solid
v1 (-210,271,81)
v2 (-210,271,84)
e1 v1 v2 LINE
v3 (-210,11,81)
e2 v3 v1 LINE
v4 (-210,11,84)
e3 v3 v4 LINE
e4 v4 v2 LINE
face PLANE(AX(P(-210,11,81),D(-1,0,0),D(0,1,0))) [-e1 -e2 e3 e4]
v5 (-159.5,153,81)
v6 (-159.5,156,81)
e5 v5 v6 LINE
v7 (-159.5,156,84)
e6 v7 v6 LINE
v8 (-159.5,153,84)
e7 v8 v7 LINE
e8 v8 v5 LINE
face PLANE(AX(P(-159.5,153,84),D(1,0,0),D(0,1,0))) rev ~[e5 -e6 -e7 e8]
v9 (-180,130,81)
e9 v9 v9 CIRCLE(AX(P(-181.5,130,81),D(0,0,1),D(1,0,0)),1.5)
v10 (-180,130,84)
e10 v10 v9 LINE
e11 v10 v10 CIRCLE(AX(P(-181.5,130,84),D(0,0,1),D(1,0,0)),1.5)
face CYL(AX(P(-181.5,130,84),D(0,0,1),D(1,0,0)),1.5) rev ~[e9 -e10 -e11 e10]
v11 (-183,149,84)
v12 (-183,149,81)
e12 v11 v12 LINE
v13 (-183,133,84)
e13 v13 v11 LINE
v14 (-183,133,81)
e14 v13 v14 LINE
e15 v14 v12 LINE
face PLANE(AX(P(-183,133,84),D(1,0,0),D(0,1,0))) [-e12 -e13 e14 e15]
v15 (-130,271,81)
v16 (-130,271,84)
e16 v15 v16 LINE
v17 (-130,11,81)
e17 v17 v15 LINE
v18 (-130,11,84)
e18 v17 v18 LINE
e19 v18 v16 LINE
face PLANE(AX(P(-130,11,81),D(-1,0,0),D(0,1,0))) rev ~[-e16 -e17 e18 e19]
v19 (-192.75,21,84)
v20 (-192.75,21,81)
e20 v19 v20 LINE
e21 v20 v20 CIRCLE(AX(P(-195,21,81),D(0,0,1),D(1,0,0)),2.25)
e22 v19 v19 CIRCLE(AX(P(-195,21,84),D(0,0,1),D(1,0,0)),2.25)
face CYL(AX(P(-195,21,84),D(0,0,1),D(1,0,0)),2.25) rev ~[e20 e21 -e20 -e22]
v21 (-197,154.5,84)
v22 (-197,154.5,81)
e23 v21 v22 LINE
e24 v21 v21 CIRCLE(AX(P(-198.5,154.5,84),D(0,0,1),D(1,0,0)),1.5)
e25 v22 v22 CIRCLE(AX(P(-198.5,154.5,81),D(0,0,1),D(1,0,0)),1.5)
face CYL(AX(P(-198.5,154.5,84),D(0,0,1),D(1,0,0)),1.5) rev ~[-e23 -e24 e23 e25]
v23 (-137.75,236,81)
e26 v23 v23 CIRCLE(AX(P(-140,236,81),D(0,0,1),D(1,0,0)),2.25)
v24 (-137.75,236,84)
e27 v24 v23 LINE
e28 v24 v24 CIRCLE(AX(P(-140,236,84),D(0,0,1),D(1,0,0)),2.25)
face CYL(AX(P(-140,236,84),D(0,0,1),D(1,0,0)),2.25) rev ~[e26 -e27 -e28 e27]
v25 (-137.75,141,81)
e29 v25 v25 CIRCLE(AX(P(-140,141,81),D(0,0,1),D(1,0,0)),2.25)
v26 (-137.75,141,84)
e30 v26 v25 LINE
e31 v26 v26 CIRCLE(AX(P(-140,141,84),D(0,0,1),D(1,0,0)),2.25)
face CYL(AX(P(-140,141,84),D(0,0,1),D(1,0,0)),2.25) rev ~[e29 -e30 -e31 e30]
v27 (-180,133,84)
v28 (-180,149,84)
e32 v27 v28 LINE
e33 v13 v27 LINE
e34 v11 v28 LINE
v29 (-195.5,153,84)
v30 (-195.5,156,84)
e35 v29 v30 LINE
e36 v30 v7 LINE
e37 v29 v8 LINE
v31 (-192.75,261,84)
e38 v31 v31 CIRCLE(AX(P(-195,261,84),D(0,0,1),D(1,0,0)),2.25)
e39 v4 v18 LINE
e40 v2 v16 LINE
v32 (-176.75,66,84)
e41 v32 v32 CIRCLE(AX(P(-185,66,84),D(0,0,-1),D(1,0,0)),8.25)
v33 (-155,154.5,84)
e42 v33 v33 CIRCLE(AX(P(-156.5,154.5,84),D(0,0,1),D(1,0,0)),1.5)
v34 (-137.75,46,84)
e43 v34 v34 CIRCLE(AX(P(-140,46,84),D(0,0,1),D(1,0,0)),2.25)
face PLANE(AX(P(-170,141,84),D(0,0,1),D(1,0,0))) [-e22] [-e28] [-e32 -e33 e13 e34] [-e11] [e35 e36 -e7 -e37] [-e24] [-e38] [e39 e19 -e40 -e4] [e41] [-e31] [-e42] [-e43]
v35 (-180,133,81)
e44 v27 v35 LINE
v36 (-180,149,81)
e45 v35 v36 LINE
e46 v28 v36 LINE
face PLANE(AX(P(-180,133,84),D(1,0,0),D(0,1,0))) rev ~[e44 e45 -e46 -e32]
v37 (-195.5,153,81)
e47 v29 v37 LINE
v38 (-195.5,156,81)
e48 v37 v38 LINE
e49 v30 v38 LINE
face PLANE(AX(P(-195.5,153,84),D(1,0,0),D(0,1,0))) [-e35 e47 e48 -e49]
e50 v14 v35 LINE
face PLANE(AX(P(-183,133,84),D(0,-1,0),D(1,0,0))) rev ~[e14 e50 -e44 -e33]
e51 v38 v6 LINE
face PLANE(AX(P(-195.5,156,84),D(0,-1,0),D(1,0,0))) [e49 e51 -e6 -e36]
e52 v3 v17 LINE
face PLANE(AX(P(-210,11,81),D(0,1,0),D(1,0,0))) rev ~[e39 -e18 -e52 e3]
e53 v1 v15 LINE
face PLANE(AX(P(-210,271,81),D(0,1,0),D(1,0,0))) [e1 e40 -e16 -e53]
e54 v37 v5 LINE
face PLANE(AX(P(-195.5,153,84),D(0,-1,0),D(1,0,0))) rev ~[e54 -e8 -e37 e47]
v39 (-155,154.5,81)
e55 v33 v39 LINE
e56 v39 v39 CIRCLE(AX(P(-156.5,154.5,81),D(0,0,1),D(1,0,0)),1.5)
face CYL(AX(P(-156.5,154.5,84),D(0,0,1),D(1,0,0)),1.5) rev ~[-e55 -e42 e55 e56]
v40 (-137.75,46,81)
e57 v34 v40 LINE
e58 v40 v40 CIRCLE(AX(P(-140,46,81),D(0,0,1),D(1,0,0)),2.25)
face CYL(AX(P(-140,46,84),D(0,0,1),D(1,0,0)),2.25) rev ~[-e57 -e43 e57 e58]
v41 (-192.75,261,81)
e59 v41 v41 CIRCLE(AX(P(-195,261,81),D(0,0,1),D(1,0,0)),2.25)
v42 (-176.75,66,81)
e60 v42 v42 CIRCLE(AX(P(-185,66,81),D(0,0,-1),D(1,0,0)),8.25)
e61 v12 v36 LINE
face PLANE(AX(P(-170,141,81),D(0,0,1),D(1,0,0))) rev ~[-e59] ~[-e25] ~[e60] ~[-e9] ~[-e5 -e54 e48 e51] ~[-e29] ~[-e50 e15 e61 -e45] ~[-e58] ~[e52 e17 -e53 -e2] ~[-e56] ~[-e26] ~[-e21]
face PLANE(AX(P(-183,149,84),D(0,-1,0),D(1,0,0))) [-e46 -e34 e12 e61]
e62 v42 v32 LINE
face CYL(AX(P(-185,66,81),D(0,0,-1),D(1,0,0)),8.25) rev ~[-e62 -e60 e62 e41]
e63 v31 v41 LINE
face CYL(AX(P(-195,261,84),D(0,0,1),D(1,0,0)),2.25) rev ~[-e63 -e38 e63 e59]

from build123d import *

# Parameters (mm, degrees)
SKETCH_W        = 80
SKETCH_H        = 260
PAD_DEPTH       = 3
SKETCH004_R     = 2.25
HOLE002_DEPTH   = 3.001
SKETCH006_R     = 1.5
SKETCH006_W     = 36
SKETCH006_H     = 3
SKETCH006_W_2   = 3
SKETCH006_H_2   = 16
POCKET_DEPTH    = 3.001
SKETCH012_R     = 8.25
POCKET003_DEPTH = 3.001


with BuildPart() as part:
    # Sketch → Pad (new body)
    with BuildSketch(Plane.XY):
        Rectangle(SKETCH_W, SKETCH_H)
    extrude(amount=PAD_DEPTH)

    # Sketch004 (on Face6 of Pad) → Hole002 (cut, through all)
    with BuildSketch(Plane.XY.offset(3)):
        with Locations((-25, -120)):
            Circle(SKETCH004_R)
        with Locations((-25, 120)):
            Circle(SKETCH004_R)
        with Locations((30, 0)):
            Circle(SKETCH004_R)
        with Locations((30, -95)):
            Circle(SKETCH004_R)
        with Locations((30, 95)):
            Circle(SKETCH004_R)
    extrude(amount=-HOLE002_DEPTH, mode=Mode.SUBTRACT)

    # Sketch006 (on Face5 of Hole002) → Pocket (cut, through all)
    with BuildSketch(Plane.XY.offset(3)):
        with Locations((-28.5, 13.5)):
            Circle(SKETCH006_R)
        with Locations((13.5, 13.5)):
            Circle(SKETCH006_R)
        with Locations((-11.5, -11)):
            Circle(SKETCH006_R)
        with Locations((-7.5, 13.5)):
            Rectangle(SKETCH006_W, SKETCH006_H)
        with Locations((-11.5, 0)):
            Rectangle(SKETCH006_W_2, SKETCH006_H_2)
    extrude(amount=-POCKET_DEPTH, mode=Mode.SUBTRACT)

    # Sketch012 (on Face4 of Pocket) → Pocket003 (cut, through all)
    with BuildSketch(Plane(origin=(0, 0, 0), x_dir=(1, 0, 0), z_dir=(0, 0, -1))):
        with Locations((-15, 75)):
            Circle(SKETCH012_R)
    extrude(amount=-POCKET003_DEPTH, mode=Mode.SUBTRACT)


with BuildPart() as part_1:
    # Body placement: moved
    add(part.part.moved(Location((-170, 141, 81))))


solid = part_1.part
